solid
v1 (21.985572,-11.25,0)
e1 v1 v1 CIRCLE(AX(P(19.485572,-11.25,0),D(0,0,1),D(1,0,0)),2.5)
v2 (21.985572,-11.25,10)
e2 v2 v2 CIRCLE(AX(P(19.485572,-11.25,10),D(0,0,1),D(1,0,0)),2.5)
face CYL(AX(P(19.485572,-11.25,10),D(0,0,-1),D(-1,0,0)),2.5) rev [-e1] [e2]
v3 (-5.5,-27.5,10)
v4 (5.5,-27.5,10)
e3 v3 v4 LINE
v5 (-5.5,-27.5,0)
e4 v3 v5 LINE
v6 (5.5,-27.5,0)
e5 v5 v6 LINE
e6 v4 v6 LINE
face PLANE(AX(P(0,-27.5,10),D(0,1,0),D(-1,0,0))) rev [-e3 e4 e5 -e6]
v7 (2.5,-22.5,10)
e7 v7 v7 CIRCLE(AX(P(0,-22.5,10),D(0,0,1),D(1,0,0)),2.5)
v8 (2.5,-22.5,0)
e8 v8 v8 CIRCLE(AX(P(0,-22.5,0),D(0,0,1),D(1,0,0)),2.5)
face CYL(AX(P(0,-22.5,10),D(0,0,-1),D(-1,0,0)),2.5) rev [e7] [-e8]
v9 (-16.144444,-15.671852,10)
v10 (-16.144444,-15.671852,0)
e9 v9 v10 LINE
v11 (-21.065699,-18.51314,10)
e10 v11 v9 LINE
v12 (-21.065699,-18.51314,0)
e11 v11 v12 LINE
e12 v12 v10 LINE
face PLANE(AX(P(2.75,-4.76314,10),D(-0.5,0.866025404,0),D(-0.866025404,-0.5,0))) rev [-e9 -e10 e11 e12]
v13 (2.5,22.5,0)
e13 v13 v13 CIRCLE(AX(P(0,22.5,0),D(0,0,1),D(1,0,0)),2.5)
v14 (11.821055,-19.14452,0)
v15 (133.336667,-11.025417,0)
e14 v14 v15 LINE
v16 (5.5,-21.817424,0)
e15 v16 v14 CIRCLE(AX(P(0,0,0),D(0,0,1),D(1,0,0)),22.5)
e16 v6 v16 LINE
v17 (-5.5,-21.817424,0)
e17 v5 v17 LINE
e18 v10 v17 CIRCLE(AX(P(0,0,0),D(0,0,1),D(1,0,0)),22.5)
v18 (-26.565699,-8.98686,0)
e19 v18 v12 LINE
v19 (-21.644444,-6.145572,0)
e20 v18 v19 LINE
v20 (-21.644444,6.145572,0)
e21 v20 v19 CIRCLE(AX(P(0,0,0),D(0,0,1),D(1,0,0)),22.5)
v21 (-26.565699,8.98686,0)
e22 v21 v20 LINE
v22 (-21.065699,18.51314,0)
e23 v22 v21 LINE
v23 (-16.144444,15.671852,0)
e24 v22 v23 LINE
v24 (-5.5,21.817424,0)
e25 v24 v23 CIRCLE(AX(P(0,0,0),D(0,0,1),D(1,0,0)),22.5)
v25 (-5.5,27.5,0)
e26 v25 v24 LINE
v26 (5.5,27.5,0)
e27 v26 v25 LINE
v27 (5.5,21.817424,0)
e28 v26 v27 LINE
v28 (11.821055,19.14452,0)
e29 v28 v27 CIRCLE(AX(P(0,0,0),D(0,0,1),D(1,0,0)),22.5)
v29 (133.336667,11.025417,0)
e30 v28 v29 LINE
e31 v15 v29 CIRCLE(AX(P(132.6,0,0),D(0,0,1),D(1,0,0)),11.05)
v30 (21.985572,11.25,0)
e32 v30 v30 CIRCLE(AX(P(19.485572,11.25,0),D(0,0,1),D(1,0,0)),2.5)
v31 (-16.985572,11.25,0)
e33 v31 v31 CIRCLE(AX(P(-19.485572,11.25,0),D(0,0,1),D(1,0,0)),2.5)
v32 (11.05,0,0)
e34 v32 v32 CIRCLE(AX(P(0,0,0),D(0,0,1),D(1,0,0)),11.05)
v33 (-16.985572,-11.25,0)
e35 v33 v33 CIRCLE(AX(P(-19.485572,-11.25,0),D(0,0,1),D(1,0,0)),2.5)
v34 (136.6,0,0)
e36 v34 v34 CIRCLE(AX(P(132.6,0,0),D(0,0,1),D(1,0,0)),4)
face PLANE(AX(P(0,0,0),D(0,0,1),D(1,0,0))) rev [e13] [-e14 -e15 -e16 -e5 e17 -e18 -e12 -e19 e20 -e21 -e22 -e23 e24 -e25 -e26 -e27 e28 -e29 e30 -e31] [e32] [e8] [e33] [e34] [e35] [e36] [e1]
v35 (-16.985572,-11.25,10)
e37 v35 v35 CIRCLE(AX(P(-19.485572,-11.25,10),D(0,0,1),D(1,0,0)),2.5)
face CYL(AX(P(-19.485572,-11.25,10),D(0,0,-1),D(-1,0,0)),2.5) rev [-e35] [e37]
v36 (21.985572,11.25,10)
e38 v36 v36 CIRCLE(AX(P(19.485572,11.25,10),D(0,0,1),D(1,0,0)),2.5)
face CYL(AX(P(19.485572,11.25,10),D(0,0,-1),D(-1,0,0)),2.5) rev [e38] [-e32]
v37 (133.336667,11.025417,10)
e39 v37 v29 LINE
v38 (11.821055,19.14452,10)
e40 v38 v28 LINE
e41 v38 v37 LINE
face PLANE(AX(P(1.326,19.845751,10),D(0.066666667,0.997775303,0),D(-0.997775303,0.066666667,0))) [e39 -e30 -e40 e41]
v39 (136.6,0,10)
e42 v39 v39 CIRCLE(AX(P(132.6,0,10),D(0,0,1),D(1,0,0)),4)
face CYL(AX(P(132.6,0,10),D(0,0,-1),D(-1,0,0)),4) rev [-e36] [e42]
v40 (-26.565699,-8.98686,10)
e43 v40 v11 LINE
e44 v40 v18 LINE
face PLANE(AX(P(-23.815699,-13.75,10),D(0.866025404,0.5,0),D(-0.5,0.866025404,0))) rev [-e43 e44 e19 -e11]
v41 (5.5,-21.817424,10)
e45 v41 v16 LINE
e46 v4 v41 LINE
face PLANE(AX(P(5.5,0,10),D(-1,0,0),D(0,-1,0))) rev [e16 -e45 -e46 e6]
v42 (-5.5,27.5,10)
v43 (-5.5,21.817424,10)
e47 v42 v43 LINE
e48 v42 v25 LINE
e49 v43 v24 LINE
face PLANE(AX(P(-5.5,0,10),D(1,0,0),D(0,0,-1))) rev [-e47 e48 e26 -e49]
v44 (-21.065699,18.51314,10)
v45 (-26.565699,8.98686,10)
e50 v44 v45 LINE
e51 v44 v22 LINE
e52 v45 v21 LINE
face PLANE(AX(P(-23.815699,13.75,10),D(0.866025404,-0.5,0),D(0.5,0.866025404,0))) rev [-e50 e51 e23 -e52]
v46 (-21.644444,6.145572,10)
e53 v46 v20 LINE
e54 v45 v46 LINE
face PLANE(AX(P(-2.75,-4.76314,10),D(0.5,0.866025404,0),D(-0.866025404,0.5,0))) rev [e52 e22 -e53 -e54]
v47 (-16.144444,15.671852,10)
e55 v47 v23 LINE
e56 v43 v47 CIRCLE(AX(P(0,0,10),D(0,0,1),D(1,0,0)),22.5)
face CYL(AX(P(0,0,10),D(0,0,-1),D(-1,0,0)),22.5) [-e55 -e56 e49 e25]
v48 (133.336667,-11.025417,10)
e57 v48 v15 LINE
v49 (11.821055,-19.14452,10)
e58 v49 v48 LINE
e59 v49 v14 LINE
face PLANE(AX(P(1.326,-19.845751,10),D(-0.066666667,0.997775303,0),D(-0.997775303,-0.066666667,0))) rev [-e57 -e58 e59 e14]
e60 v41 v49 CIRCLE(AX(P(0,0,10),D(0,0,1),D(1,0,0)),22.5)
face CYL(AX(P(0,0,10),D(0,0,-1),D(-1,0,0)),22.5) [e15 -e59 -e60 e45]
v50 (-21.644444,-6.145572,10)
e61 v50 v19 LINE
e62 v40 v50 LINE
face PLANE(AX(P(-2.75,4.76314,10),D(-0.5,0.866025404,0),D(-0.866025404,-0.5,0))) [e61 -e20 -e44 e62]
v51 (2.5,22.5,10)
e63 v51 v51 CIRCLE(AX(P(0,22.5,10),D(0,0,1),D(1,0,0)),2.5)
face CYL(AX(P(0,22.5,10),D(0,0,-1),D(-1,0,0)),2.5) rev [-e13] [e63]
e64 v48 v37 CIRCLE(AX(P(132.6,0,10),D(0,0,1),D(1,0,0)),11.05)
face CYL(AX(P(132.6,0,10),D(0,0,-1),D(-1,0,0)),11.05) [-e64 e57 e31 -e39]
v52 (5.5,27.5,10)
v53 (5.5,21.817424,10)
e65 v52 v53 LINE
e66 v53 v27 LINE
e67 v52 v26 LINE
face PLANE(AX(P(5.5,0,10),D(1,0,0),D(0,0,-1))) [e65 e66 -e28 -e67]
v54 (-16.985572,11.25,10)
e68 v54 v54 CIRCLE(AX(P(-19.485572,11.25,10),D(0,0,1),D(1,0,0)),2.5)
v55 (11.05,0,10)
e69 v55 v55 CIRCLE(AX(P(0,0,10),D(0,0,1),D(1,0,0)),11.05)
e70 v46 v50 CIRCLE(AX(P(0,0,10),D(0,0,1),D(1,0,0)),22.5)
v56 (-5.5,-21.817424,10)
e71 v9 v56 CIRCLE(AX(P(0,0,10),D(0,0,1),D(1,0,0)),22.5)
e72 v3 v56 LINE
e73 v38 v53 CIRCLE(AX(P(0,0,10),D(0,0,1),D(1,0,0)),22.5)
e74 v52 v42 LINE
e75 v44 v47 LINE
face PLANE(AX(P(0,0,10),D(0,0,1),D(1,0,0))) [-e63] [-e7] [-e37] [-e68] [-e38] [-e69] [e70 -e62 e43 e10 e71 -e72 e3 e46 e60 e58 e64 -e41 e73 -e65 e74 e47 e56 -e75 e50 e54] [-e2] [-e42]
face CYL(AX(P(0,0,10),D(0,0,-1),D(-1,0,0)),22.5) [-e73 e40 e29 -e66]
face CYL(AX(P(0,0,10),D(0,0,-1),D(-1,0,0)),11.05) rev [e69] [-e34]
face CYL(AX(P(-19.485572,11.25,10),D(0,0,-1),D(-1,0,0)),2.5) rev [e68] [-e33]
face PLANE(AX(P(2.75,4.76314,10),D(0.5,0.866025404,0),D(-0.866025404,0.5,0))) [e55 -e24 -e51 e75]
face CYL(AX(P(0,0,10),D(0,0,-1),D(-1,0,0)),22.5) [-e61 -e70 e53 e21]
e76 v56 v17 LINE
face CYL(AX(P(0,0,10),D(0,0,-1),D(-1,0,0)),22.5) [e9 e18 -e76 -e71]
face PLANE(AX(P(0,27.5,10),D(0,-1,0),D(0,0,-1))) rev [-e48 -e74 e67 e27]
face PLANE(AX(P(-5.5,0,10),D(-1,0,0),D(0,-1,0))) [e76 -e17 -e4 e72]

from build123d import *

# Parameters (mm, degrees)
SKETCH_1_R      = 2.5
SKETCH_1_R_2    = 11.05
SKETCH_1_R_3    = 4
EXTRUDE_1_DEPTH = 10


with BuildPart() as part:
    # 草图1 → 凸台-拉伸1 (new body)
    with BuildSketch(Plane.XY):
        with BuildLine():
            ThreePointArc((11.821054836, 19.144520432), (8.76303822, 20.723396468), (5.5, 21.817424229))
            Line((5.5, 21.817424229), (5.5, 27.5))
            Line((5.5, 27.5), (-5.5, 27.5))
            Line((-5.5, 27.5), (-5.5, 21.817424229))
            ThreePointArc((-5.5, 21.817424229), (-11.25, 19.485571585), (-16.144443628, 15.671851835))
            Line((-16.144443628, 15.671851835), (-21.065698604, 18.513139721))
            Line((-21.065698604, 18.513139721), (-26.565698604, 8.986860279))
            Line((-26.565698604, 8.986860279), (-21.644443628, 6.145572394))
            ThreePointArc((-21.644443628, 6.145572394), (-22.5, 0), (-21.644443628, -6.145572394))
            Line((-21.644443628, -6.145572394), (-26.565698604, -8.986860279))
            Line((-26.565698604, -8.986860279), (-21.065698604, -18.513139721))
            Line((-21.065698604, -18.513139721), (-16.144443628, -15.671851835))
            ThreePointArc((-16.144443628, -15.671851835), (-11.25, -19.485571585), (-5.5, -21.817424229))
            Line((-5.5, -21.817424229), (-5.5, -27.5))
            Line((-5.5, -27.5), (5.5, -27.5))
            Line((5.5, -27.5), (5.5, -21.817424229))
            ThreePointArc((5.5, -21.817424229), (8.76303822, -20.723396468), (11.821054836, -19.144520432))
            Line((11.821054836, -19.144520432), (133.336666591, -11.0254171))
            ThreePointArc((133.336666591, -11.0254171), (143.649999924, 0), (133.336666591, 11.0254171))
            Line((133.336666591, 11.0254171), (11.821054836, 19.144520432))
        make_face()
        with Locations((19.485571585, -11.25)):
            Circle(SKETCH_1_R, mode=Mode.SUBTRACT)
        with Locations((19.485571585, 11.25)):
            Circle(SKETCH_1_R, mode=Mode.SUBTRACT)
        with Locations((-19.485571585, -11.25)):
            Circle(SKETCH_1_R, mode=Mode.SUBTRACT)
        with Locations((-19.485571585, 11.25)):
            Circle(SKETCH_1_R, mode=Mode.SUBTRACT)
        with Locations((0, -22.5)):
            Circle(SKETCH_1_R, mode=Mode.SUBTRACT)
        with Locations((0, 22.5)):
            Circle(SKETCH_1_R, mode=Mode.SUBTRACT)
        Circle(SKETCH_1_R_2, mode=Mode.SUBTRACT)
        with Locations((132.599999924, 0)):
            Circle(SKETCH_1_R_3, mode=Mode.SUBTRACT)
    extrude(amount=EXTRUDE_1_DEPTH)


solid = part.part
